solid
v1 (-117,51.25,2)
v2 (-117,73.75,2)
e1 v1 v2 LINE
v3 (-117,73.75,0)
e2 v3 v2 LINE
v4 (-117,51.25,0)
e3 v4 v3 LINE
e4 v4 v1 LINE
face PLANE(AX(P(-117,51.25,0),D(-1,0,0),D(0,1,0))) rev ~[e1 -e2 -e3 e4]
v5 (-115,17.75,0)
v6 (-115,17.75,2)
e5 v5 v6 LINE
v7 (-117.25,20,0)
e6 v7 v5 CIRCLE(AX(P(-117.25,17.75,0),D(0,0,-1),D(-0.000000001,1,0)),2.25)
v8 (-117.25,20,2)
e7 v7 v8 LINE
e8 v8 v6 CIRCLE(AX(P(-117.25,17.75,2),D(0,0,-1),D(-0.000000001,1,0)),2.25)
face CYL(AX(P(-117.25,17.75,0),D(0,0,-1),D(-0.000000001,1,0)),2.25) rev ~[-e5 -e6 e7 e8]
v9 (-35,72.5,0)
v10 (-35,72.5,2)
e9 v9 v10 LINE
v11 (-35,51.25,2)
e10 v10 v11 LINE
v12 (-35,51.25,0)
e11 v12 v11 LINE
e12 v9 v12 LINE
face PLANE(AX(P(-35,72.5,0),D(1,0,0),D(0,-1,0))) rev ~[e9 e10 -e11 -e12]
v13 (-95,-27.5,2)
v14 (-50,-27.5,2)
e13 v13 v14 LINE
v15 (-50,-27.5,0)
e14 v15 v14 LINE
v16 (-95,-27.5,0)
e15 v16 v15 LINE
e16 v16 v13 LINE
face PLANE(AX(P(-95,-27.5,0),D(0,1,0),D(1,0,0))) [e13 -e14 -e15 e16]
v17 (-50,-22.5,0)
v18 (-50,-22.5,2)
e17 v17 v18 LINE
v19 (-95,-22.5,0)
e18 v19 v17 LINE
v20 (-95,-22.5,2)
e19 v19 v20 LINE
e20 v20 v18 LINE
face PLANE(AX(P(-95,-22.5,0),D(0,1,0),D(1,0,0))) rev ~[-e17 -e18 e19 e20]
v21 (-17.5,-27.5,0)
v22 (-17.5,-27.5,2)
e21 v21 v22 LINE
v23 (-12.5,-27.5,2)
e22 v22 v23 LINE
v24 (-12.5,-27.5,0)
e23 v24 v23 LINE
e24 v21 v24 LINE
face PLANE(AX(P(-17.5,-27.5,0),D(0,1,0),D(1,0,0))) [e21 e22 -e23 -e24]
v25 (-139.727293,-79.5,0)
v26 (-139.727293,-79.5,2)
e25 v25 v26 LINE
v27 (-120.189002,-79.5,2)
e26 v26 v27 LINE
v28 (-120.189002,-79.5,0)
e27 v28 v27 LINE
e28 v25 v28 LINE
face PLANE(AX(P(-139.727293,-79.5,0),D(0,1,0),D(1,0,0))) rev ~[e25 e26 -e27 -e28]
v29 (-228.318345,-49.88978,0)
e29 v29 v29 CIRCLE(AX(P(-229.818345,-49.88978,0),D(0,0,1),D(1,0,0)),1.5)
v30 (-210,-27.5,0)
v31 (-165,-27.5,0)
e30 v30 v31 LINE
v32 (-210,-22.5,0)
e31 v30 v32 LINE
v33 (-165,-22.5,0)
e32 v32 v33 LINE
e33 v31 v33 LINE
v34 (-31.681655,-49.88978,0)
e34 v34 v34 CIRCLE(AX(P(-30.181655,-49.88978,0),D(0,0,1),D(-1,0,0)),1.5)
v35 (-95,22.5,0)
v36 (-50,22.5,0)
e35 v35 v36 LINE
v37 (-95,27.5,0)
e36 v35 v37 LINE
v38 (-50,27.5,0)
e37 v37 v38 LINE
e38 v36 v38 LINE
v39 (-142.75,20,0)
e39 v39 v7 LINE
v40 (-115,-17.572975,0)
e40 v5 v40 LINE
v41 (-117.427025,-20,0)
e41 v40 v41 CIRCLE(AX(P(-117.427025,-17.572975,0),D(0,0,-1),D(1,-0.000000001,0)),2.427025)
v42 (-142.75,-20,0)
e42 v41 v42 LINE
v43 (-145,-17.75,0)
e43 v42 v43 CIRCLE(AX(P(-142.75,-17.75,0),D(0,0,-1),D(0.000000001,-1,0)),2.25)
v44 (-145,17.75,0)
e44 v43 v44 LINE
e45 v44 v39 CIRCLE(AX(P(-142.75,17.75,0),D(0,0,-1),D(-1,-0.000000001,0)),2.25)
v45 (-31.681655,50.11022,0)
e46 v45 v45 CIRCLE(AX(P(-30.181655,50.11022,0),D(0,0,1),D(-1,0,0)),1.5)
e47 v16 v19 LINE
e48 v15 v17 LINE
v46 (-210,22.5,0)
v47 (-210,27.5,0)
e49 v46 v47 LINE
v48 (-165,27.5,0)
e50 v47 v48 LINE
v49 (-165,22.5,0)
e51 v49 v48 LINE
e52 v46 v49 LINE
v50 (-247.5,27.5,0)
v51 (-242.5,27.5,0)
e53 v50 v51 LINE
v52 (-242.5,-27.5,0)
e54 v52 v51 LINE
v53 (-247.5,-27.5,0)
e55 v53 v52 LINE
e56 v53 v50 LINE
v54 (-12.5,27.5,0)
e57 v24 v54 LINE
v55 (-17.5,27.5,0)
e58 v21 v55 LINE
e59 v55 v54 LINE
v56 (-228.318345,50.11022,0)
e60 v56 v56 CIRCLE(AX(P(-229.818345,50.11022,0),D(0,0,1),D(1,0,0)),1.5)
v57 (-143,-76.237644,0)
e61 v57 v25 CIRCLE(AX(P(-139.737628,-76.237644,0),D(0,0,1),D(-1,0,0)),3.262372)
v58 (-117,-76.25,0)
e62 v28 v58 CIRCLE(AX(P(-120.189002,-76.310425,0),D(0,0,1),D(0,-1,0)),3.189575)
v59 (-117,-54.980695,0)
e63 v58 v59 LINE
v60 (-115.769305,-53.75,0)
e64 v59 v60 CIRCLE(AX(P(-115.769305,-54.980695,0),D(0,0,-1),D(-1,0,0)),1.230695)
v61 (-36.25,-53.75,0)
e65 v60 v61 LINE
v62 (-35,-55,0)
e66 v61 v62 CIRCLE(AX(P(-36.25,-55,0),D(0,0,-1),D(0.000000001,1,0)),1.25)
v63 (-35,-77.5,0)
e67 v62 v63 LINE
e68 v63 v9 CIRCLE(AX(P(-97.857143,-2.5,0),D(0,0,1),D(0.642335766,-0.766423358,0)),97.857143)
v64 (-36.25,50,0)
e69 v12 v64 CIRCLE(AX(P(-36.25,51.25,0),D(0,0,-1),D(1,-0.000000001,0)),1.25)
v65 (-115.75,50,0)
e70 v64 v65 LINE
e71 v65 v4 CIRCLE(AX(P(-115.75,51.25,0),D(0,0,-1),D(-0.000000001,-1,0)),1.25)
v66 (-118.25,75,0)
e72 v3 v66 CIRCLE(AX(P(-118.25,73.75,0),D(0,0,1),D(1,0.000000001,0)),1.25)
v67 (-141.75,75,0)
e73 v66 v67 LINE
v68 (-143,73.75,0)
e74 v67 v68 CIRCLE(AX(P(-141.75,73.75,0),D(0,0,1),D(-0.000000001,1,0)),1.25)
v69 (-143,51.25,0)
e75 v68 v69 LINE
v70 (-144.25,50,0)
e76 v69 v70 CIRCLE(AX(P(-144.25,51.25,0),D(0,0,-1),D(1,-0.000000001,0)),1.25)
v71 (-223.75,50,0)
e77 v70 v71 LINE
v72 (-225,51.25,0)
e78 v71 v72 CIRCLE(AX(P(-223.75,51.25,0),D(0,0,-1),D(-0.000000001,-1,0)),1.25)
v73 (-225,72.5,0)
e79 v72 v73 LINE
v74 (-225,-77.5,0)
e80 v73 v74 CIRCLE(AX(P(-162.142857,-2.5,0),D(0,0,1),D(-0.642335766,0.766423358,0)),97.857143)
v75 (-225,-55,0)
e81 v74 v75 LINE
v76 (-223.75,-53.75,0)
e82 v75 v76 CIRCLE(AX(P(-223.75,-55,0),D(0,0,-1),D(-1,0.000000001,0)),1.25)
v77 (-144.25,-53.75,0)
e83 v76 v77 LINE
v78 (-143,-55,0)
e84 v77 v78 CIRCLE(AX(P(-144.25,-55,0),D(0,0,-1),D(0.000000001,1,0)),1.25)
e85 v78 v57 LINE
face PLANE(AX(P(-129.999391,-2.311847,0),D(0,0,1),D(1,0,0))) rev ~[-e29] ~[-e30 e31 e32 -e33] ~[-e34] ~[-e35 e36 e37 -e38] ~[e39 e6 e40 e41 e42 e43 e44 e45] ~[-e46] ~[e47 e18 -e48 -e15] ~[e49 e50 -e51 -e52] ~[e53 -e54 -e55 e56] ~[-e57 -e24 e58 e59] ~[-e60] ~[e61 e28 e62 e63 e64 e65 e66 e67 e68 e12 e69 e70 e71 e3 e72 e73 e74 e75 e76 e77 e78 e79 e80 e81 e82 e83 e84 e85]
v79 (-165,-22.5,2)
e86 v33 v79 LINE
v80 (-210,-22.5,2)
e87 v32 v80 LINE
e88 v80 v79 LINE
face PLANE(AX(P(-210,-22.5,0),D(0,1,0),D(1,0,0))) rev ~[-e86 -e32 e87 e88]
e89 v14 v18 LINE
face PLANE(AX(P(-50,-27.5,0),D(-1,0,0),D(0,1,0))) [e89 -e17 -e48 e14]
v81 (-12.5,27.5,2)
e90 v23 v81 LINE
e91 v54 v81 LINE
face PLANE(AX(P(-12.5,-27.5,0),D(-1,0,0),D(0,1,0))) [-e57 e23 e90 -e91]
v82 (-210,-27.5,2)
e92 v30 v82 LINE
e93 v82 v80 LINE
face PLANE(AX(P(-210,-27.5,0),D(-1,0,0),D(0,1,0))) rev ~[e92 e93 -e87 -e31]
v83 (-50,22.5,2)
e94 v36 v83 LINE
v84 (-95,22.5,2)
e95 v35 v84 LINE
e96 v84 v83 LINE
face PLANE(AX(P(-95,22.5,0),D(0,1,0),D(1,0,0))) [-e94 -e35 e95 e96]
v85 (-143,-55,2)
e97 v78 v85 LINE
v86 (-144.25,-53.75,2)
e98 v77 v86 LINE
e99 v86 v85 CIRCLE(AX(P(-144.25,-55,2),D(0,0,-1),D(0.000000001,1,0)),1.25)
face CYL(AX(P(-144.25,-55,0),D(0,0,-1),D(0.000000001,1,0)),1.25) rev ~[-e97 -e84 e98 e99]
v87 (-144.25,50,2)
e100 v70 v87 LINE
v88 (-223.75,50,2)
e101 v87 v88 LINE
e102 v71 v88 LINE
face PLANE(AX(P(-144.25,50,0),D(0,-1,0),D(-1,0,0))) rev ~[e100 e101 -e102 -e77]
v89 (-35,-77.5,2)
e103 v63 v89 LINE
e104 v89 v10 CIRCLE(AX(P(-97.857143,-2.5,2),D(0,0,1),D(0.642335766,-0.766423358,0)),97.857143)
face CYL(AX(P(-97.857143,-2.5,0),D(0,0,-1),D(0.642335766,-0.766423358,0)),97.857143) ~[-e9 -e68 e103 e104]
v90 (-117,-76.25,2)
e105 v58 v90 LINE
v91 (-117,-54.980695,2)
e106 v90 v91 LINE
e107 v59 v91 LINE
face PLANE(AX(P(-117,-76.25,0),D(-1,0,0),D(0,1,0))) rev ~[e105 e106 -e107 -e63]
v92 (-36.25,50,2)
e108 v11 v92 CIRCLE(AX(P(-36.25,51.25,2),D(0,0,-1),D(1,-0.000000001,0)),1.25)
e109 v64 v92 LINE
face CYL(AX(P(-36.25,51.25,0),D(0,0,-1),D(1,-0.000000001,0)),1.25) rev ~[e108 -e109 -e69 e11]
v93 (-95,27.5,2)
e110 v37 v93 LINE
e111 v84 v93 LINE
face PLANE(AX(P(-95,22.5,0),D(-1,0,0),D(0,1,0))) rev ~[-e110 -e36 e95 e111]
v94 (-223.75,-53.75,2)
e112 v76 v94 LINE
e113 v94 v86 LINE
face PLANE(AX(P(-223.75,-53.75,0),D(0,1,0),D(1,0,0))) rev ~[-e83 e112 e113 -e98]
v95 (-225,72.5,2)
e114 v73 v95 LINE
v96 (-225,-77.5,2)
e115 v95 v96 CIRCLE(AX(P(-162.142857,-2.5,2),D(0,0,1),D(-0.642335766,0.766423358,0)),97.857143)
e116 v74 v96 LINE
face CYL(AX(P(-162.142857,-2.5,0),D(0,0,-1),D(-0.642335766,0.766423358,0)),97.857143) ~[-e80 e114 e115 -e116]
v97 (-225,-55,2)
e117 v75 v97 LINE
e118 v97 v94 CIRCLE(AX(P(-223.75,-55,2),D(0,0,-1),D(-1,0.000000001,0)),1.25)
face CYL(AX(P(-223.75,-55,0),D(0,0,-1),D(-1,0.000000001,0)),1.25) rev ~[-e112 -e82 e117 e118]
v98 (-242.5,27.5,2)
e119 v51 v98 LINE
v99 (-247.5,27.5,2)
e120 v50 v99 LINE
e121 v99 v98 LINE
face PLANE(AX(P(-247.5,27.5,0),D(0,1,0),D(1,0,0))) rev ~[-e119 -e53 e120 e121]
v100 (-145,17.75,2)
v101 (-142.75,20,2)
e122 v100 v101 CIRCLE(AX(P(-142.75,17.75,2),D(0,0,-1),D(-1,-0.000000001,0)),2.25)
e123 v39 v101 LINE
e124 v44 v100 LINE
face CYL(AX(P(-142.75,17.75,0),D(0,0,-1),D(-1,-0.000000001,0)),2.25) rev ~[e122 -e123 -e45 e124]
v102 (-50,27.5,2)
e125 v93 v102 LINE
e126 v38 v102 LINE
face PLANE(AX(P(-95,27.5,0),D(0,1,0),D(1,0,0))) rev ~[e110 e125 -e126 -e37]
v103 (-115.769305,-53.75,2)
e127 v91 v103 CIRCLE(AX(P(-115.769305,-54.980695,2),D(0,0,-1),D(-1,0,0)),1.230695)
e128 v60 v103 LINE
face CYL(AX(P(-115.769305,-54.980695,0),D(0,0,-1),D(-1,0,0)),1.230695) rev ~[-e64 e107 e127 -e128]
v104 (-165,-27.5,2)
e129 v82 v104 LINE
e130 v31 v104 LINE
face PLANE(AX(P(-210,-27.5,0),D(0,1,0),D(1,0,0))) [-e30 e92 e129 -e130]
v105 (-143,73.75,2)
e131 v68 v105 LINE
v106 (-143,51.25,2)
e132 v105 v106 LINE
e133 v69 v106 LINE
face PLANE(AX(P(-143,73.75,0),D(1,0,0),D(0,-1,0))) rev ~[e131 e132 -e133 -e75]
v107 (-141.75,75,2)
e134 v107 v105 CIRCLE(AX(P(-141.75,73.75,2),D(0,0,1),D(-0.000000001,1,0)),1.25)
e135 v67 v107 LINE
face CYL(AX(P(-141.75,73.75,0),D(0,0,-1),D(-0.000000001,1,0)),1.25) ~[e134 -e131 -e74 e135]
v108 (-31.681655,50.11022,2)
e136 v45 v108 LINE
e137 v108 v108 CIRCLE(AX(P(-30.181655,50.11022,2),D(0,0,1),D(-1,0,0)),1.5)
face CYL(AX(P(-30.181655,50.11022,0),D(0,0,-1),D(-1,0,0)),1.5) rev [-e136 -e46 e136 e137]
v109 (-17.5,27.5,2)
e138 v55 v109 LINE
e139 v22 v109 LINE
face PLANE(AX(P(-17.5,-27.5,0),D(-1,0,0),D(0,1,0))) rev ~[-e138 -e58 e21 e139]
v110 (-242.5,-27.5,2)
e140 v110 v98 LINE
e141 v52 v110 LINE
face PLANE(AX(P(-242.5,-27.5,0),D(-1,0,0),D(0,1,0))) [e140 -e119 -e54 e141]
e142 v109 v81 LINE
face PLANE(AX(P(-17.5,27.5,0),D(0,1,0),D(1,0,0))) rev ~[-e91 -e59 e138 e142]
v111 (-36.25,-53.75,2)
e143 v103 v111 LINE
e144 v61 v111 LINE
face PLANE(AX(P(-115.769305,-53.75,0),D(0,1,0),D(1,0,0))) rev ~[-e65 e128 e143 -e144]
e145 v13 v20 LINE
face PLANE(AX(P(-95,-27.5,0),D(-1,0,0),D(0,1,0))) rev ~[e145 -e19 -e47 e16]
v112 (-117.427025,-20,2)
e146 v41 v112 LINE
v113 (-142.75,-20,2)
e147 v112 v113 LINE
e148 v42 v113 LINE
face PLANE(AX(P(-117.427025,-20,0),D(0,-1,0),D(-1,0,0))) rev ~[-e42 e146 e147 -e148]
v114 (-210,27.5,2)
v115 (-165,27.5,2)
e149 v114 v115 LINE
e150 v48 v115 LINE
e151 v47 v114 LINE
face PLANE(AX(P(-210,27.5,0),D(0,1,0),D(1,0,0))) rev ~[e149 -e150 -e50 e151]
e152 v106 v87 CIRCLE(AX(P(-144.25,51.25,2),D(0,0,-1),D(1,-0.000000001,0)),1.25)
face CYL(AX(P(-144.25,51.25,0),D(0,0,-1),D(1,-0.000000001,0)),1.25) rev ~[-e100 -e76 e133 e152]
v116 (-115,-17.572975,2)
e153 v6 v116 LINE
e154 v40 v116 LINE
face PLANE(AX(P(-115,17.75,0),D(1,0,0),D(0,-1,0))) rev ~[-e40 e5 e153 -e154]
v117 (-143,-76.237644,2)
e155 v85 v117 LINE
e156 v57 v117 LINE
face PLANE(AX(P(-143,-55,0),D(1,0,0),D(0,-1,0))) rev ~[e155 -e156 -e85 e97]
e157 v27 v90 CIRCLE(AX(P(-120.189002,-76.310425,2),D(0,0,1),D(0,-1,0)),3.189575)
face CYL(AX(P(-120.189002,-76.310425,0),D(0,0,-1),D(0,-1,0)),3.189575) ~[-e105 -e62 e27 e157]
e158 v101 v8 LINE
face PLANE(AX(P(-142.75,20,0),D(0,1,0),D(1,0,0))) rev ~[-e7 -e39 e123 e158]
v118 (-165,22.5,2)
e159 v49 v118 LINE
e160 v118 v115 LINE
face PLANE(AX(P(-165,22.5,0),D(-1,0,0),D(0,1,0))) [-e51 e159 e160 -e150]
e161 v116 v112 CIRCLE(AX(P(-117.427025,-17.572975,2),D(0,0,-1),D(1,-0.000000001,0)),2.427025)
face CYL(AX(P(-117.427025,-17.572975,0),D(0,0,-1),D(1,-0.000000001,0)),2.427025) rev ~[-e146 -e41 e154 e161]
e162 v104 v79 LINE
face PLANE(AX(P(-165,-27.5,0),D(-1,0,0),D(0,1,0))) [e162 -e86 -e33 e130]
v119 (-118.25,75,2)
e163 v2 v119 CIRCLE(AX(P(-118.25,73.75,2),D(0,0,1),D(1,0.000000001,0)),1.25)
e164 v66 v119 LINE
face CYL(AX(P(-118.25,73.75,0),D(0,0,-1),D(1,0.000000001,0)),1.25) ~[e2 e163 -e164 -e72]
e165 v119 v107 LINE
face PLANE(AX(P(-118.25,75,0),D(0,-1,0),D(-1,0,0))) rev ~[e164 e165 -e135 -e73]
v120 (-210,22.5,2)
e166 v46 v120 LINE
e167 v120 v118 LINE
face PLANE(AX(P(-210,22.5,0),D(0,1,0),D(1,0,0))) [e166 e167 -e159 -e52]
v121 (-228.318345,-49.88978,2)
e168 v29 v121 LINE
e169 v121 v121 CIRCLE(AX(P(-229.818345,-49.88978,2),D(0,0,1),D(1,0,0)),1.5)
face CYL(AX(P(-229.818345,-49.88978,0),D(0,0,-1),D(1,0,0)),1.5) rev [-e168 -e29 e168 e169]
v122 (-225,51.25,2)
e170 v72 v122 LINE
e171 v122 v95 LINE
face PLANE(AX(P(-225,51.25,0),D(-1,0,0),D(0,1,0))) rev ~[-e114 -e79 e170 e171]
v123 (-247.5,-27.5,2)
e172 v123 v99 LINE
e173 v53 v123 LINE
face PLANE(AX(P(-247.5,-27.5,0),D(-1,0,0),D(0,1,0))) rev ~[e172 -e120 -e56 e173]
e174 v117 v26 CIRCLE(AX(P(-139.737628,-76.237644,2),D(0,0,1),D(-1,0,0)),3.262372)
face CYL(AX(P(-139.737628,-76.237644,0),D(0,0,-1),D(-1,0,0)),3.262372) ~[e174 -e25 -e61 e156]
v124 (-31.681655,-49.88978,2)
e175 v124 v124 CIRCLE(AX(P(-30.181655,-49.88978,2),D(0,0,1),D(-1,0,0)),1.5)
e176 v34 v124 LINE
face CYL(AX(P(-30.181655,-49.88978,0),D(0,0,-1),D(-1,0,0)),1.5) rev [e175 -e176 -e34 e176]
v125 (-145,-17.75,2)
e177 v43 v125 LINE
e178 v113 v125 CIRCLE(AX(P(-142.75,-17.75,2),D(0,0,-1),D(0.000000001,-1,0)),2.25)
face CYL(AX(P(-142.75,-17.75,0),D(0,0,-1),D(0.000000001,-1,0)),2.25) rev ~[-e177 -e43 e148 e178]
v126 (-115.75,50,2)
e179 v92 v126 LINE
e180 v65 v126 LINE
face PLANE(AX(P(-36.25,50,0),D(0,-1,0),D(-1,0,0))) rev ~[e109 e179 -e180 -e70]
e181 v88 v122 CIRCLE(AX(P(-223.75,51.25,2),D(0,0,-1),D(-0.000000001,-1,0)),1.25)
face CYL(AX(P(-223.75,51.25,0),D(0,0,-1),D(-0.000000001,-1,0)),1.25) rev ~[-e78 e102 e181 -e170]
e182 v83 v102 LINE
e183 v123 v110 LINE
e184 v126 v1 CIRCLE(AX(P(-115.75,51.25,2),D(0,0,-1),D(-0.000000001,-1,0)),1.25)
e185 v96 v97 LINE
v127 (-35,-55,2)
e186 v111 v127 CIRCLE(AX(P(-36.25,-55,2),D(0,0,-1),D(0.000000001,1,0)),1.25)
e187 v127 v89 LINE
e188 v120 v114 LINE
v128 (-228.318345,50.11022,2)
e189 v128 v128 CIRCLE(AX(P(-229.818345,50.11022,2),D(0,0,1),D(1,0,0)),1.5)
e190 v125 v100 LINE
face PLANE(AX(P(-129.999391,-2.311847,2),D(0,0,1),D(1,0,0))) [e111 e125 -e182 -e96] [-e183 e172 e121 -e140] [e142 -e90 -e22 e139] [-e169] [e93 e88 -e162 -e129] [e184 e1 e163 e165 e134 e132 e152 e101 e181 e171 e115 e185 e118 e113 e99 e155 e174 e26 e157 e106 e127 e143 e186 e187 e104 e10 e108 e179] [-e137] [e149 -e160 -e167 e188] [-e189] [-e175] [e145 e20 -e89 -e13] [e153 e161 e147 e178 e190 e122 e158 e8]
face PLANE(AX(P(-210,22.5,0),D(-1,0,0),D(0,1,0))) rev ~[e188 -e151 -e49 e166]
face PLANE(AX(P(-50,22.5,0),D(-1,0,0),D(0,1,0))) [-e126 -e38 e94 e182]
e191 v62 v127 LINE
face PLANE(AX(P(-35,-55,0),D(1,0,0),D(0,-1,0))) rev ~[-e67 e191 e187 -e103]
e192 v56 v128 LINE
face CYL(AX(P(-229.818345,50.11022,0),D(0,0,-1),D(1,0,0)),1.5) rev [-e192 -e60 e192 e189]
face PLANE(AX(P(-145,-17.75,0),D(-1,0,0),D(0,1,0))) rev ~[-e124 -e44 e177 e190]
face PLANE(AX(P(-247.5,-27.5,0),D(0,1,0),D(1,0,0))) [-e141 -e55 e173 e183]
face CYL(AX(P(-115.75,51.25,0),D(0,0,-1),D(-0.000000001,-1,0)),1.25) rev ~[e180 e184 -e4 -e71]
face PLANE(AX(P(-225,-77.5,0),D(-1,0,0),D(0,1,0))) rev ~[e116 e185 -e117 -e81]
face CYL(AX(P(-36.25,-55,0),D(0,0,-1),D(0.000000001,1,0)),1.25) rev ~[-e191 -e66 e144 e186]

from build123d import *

# Parameters (mm, degrees)
SZKIC1_R                    = 1.5
SZKIC1_W                    = 45
SZKIC1_H                    = 5
SZKIC1_W_2                  = 5
SZKIC1_H_2                  = 55
DODANIE_WYCI_GNI_CIE3_DEPTH = 2


with BuildPart() as part:
    # Szkic1 → Dodanie-wyciągnięcie3 (new body)
    with BuildSketch(Plane.XY):
        with BuildLine():
            Line((-139.727293062, -79.5), (-120.189002398, -79.5))
            ThreePointArc((-120.189002398, -79.5), (-117.912369122, -78.544329486), (-117, -76.25))
            Line((-117, -76.25), (-117, -54.98069498))
            ThreePointArc((-117, -54.98069498), (-116.639537786, -54.110462214), (-115.76930502, -53.75))
            Line((-115.76930502, -53.75), (-102.427025017, -53.75))
            Line((-102.427025017, -53.75), (-87.218924948, -53.75))
            Line((-87.218924948, -53.75), (-36.25, -53.75))
            ThreePointArc((-36.25, -53.75), (-35.366116524, -54.116116524), (-35, -55))
            Line((-35, -55), (-35, -77.5))
            ThreePointArc((-35, -77.5), (0, -2.5), (-35, 72.5))
            Line((-35, 72.5), (-35, 51.25))
            ThreePointArc((-35, 51.25), (-35.366116524, 50.366116524), (-36.25, 50))
            Line((-36.25, 50), (-90.072974983, 50))
            Line((-90.072974983, 50), (-102.072974983, 50))
            Line((-102.072974983, 50), (-115.75, 50))
            ThreePointArc((-115.75, 50), (-116.633883476, 50.366116524), (-117, 51.25))
            Line((-117, 51.25), (-117, 73.75))
            ThreePointArc((-117, 73.75), (-117.366116524, 74.633883476), (-118.25, 75))
            Line((-118.25, 75), (-141.75, 75))
            ThreePointArc((-141.75, 75), (-142.633883476, 74.633883476), (-143, 73.75))
            Line((-143, 73.75), (-143, 51.25))
            ThreePointArc((-143, 51.25), (-143.366116524, 50.366116524), (-144.25, 50))
            Line((-144.25, 50), (-157.927025017, 50))
            Line((-157.927025017, 50), (-169.927025017, 50))
            Line((-169.927025017, 50), (-223.75, 50))
            ThreePointArc((-223.75, 50), (-224.633883476, 50.366116524), (-225, 51.25))
            Line((-225, 51.25), (-225, 72.5))
            ThreePointArc((-225, 72.5), (-260, -2.5), (-225, -77.5))
            Line((-225, -77.5), (-225, -55))
            ThreePointArc((-225, -55), (-224.633883476, -54.116116524), (-223.75, -53.75))
            Line((-223.75, -53.75), (-172.781075052, -53.75))
            Line((-172.781075052, -53.75), (-157.572974983, -53.75))
            Line((-157.572974983, -53.75), (-144.25, -53.75))
            ThreePointArc((-144.25, -53.75), (-143.366116524, -54.116116524), (-143, -55))
            Line((-143, -55), (-143, -76.237644119))
            ThreePointArc((-143, -76.237644119), (-142.040816528, -78.548140635), (-139.727293062, -79.5))
        make_face()
        with Locations((-229.818345238, 50.110219647)):
            Circle(SZKIC1_R, mode=Mode.SUBTRACT)
        with Locations((-229.818345238, -49.889780353)):
            Circle(SZKIC1_R, mode=Mode.SUBTRACT)
        with Locations(Location((-30.181654762, -49.889780353, 0), (0, 0, 180))):
            Circle(SZKIC1_R, mode=Mode.SUBTRACT)
        with Locations(Location((-30.181654762, 50.110219647, 0), (0, 0, 180))):
            Circle(SZKIC1_R, mode=Mode.SUBTRACT)
        with Locations((-187.5, 25)):
            Rectangle(SZKIC1_W, SZKIC1_H, mode=Mode.SUBTRACT)
        with Locations((-187.5, -25)):
            Rectangle(SZKIC1_W, SZKIC1_H, mode=Mode.SUBTRACT)
        with Locations((-72.5, -25)):
            Rectangle(SZKIC1_W, SZKIC1_H, mode=Mode.SUBTRACT)
        with Locations((-72.5, 25)):
            Rectangle(SZKIC1_W, SZKIC1_H, mode=Mode.SUBTRACT)
        with Locations((-15, 0)):
            Rectangle(SZKIC1_W_2, SZKIC1_H_2, mode=Mode.SUBTRACT)
        with Locations((-245, 0)):
            Rectangle(SZKIC1_W_2, SZKIC1_H_2, mode=Mode.SUBTRACT)
        with BuildLine():
            Line((-142.75, 20), (-117.25, 20))
            ThreePointArc((-117.25, 20), (-115.659009742, 19.340990258), (-115, 17.75))
            Line((-115, 17.75), (-115, -17.572974983))
            ThreePointArc((-115, -17.572974983), (-115.71085917, -19.28914083), (-117.427025017, -20))
            Line((-117.427025017, -20), (-142.75, -20))
            ThreePointArc((-142.75, -20), (-144.340990258, -19.340990258), (-145, -17.75))
            Line((-145, -17.75), (-145, 17.75))
            ThreePointArc((-145, 17.75), (-144.340990258, 19.340990258), (-142.75, 20))
        make_face(mode=Mode.SUBTRACT)
    extrude(amount=DODANIE_WYCI_GNI_CIE3_DEPTH)


solid = part.part
